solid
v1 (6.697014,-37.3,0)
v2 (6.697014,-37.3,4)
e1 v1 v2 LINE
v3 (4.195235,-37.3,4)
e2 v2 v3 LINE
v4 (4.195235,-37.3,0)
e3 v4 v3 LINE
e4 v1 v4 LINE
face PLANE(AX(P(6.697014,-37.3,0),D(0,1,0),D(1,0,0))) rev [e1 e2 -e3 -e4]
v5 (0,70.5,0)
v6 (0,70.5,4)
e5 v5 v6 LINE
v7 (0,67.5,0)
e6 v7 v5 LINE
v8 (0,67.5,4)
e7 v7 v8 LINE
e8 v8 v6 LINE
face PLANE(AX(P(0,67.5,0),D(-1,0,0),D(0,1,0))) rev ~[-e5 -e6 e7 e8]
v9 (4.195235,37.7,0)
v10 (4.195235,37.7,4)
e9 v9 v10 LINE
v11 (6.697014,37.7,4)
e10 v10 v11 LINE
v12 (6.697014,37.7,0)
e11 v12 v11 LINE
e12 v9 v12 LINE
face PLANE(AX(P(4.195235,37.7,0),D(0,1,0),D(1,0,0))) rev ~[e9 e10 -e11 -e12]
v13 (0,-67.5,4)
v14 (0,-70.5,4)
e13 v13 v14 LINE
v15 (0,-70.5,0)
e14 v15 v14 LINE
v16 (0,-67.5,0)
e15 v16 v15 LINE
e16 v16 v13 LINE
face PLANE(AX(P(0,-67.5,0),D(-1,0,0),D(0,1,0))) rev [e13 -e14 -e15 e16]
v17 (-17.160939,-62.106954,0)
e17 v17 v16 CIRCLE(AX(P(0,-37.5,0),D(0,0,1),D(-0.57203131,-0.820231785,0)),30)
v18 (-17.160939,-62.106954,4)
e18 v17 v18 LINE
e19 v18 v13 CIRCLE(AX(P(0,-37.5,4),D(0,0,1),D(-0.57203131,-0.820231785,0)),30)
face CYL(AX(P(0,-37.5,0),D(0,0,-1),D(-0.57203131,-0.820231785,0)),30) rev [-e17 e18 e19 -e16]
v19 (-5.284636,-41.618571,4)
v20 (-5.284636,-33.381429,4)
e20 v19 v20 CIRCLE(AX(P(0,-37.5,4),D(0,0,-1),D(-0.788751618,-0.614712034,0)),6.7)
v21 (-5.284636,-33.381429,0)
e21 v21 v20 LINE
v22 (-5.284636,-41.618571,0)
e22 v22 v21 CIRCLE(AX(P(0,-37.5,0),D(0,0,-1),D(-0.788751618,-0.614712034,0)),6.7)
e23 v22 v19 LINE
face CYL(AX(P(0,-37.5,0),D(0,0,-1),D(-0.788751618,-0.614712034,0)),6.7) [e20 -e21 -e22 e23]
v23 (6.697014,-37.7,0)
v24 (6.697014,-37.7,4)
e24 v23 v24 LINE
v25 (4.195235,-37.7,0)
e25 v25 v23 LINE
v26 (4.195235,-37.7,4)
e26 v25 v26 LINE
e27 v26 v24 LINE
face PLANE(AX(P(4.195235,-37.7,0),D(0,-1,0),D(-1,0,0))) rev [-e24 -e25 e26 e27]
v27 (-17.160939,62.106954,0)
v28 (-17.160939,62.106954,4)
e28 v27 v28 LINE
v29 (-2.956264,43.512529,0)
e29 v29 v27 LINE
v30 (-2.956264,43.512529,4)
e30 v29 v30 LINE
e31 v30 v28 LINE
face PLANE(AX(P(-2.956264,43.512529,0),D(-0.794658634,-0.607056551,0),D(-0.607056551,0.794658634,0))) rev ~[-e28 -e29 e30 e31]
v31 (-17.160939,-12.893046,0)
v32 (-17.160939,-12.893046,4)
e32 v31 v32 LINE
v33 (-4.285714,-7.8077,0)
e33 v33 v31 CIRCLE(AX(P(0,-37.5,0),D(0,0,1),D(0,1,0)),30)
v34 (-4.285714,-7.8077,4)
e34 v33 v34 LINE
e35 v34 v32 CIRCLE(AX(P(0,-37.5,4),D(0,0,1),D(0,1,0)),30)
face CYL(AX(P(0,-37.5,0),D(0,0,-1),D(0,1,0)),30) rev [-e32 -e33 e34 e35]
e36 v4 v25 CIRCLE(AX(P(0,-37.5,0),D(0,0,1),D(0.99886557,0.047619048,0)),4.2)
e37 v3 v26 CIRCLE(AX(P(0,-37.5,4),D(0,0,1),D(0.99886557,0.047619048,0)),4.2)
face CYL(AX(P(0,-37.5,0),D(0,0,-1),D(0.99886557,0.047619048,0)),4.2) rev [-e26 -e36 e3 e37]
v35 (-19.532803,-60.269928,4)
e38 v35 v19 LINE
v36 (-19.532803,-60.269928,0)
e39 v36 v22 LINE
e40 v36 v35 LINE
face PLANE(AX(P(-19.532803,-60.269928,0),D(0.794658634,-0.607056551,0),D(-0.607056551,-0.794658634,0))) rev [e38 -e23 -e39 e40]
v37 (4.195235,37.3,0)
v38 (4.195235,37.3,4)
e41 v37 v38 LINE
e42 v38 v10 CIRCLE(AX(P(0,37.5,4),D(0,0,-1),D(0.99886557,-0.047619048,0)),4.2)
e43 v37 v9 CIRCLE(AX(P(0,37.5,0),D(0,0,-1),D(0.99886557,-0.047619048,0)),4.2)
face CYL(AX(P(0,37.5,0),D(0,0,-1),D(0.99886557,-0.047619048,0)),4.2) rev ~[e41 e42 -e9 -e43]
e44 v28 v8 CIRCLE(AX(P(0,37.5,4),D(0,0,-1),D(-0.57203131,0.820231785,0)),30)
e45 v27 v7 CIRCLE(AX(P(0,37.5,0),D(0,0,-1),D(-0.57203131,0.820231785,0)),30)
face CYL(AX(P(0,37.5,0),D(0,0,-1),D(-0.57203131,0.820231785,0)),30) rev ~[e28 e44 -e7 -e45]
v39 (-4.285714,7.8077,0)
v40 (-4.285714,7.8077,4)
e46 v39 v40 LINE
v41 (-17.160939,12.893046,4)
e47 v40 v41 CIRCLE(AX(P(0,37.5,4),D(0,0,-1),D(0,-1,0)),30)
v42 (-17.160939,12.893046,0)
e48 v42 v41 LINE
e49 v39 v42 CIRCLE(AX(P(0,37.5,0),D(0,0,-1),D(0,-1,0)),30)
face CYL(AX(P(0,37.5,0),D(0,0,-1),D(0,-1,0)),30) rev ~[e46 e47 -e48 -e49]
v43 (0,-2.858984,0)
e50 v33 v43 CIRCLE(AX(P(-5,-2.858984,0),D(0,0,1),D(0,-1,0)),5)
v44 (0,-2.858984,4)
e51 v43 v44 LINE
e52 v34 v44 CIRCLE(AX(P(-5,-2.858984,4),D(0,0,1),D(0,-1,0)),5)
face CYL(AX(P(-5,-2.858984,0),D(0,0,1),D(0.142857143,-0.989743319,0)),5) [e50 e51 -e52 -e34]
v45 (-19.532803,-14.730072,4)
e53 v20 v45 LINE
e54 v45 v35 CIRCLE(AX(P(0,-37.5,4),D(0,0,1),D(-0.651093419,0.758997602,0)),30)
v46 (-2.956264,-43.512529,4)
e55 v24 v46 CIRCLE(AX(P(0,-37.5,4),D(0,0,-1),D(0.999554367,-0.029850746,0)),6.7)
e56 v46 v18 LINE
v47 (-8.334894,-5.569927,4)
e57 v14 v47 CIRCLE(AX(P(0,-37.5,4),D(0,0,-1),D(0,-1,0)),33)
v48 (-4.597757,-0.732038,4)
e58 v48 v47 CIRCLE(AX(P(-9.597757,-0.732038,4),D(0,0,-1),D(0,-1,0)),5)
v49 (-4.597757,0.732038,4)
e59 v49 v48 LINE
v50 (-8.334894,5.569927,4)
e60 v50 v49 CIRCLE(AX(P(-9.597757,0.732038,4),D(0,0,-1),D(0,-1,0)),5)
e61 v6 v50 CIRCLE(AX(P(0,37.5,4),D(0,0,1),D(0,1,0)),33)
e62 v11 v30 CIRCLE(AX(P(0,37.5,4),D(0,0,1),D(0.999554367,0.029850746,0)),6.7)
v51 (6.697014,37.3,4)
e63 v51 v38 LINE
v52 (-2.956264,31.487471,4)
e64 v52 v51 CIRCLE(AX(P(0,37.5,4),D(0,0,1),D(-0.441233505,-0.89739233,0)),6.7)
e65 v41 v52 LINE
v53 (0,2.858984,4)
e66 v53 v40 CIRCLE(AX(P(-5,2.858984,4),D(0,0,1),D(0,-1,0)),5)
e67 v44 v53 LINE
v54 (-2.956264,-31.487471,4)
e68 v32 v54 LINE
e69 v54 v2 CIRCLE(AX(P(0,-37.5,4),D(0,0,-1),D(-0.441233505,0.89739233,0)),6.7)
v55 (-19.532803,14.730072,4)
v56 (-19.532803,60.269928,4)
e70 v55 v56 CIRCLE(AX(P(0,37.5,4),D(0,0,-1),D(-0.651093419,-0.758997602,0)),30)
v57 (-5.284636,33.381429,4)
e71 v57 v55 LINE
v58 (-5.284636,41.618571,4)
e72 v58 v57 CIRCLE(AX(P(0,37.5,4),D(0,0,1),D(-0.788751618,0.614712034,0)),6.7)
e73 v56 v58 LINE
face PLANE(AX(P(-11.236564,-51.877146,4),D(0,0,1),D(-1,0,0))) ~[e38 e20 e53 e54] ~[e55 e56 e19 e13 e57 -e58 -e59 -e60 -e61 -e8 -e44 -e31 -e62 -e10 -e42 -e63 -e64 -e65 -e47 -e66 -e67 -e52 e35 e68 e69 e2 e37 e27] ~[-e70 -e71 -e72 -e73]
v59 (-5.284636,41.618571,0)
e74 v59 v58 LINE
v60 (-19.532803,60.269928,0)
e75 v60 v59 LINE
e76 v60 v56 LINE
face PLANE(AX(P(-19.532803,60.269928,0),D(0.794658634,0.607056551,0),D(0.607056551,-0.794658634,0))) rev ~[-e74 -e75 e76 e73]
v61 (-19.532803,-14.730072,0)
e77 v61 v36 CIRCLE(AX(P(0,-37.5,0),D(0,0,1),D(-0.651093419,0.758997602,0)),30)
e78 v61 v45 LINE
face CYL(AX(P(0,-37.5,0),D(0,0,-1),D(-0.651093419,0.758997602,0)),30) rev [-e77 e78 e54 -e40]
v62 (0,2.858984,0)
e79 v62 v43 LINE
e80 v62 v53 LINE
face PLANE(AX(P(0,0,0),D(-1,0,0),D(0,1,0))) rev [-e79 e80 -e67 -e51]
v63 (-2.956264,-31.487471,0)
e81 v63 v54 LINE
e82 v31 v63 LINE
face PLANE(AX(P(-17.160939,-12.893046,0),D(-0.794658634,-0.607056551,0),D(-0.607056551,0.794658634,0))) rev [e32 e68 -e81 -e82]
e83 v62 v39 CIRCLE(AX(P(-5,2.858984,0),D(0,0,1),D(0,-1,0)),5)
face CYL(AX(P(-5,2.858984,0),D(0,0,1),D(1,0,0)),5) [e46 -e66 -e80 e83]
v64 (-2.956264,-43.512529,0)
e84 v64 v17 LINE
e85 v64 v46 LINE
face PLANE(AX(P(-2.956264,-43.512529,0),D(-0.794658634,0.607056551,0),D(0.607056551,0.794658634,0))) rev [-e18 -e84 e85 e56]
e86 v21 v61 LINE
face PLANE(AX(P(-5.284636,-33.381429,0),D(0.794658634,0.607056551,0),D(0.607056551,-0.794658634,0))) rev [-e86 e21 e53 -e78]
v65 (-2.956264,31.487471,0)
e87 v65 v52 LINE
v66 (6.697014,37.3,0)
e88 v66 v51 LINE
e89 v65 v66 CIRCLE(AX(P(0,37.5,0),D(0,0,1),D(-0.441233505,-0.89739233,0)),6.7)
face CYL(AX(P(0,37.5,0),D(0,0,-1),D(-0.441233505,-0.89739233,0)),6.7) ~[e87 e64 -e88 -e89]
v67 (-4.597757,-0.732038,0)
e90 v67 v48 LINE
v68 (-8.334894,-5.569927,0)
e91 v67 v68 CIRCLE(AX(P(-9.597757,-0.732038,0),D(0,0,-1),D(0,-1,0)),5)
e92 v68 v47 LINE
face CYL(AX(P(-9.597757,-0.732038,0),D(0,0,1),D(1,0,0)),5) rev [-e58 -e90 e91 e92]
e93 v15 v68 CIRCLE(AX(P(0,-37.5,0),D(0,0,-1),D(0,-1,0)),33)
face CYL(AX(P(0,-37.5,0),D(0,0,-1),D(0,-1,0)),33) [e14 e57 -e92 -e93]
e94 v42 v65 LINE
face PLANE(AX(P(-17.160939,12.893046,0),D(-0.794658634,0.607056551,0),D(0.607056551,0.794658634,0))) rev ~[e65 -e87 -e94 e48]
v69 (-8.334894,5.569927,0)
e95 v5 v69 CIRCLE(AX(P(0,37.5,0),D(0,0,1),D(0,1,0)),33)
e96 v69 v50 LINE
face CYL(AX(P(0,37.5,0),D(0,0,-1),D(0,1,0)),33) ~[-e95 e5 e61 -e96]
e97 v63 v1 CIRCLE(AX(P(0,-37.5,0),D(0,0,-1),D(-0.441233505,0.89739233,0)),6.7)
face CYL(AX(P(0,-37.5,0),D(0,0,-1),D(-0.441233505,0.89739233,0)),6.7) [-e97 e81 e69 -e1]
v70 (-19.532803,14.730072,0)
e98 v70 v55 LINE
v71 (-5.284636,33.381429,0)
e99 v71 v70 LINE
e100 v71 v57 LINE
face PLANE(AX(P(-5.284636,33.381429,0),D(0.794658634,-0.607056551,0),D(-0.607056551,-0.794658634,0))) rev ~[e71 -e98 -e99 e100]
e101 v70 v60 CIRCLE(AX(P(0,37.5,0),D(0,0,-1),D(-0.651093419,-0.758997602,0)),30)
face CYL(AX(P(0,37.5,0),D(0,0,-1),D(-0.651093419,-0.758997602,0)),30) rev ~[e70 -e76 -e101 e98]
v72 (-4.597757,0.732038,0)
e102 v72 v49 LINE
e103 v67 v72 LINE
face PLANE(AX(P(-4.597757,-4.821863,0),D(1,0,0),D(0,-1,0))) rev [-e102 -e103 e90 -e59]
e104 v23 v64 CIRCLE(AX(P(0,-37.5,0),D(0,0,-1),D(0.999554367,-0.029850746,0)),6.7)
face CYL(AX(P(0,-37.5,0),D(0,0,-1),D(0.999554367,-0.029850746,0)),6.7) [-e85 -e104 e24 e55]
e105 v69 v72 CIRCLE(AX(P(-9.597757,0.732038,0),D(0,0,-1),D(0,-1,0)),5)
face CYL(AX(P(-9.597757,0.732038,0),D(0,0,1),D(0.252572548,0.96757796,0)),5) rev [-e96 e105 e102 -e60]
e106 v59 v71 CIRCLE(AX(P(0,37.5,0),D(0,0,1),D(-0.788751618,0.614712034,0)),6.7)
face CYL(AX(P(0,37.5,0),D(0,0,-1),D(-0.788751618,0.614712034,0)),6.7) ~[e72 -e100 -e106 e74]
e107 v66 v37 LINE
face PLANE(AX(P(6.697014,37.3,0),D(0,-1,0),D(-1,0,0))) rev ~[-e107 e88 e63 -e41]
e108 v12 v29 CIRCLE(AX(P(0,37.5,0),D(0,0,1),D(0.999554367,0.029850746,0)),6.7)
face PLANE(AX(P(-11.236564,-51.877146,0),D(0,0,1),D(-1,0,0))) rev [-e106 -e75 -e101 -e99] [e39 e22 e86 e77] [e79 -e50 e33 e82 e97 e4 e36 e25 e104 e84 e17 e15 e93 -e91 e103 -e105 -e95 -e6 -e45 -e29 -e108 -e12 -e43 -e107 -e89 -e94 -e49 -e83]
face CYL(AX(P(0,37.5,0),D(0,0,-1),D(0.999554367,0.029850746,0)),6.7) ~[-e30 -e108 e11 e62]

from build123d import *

# Parameters (mm, degrees)
F1_DEPTH = 4
F3_R     = 5


with BuildPart() as f1:
    # F0 (on Top) → F1 (new body)
    with BuildSketch(Plane.XY):
        with BuildLine():
            ThreePointArc((-5.2846358413, 41.6185706289), (-4.227869293, 42.6976072612), (-2.9562644856, 43.5125286104))
            Line((-2.9562644856, 43.5125286104), (-17.160939287, 62.1069535454))
            ThreePointArc((-17.160939287, 62.1069535454), (-18.3698486288, 61.2181083005), (-19.5328025761, 60.2699280527))
            Line((-19.5328025761, 60.2699280527), (-5.2846358413, 41.6185706289))
        make_face()
        with BuildLine():
            ThreePointArc((-19.5328025761, 60.2699280527), (-18.3698486288, 61.2181083005), (-17.160939287, 62.1069535454))
            ThreePointArc((-17.160939287, 62.1069535454), (-8.9942035122, 66.1199983086), (0, 67.5))
            Line((0, 67.5), (0, 70.5))
            ThreePointArc((0, 70.5), (-32.9194358863, 39.8045044859), (-4.5977568287, 4.8218630864))
            Line((-4.5977568287, 4.8218630864), (0, 4.8218630864))
            Line((0, 4.8218630864), (0, 7.5))
            ThreePointArc((0, 7.5), (-8.9942035122, 8.8800016914), (-17.160939287, 12.8930464546))
            ThreePointArc((-17.160939287, 12.8930464546), (-18.3698486288, 13.7818916995), (-19.5328025761, 14.7300719473))
            ThreePointArc((-19.5328025761, 14.7300719473), (-30, 37.5), (-19.5328025761, 60.2699280527))
        make_face()
        with BuildLine():
            Line((-17.160939287, 12.8930464546), (-2.9562644856, 31.4874713896))
            ThreePointArc((-2.9562644856, 31.4874713896), (-4.227869293, 32.3023927388), (-5.2846358413, 33.3814293711))
            Line((-5.2846358413, 33.3814293711), (-19.5328025761, 14.7300719473))
            ThreePointArc((-19.5328025761, 14.7300719473), (-18.3698486288, 13.7818916995), (-17.160939287, 12.8930464546))
        make_face()
        with BuildLine():
            ThreePointArc((0, 4.5), (-2.3045044859, 4.5805641137), (-4.5977568287, 4.8218630864))
            Line((-4.5977568287, 4.8218630864), (-4.5977568287, 0))
            Line((-4.5977568287, 0), (0, 0))
            Line((0, 0), (0, 4.5))
        make_face()
        with BuildLine():
            Line((0, 4.5), (0, 4.8218630864))
            Line((0, 4.8218630864), (-4.5977568287, 4.8218630864))
            ThreePointArc((-4.5977568287, 4.8218630864), (-2.3045044859, 4.5805641137), (0, 4.5))
        make_face()
        with BuildLine():
            ThreePointArc((4.1952353927, 37.3), (-4.2, 37.5), (4.1952353927, 37.7))
            Line((4.1952353927, 37.7), (6.6970142601, 37.7))
            ThreePointArc((6.6970142601, 37.7), (3.4561068315, 43.2398018754), (-2.9562644856, 43.5125286104))
            ThreePointArc((-2.9562644856, 43.5125286104), (-4.227869293, 42.6976072612), (-5.2846358413, 41.6185706289))
            ThreePointArc((-5.2846358413, 41.6185706289), (-6.7, 37.5), (-5.2846358413, 33.3814293711))
            ThreePointArc((-5.2846358413, 33.3814293711), (-4.227869293, 32.3023927388), (-2.9562644856, 31.4874713896))
            ThreePointArc((-2.9562644856, 31.4874713896), (3.4561068315, 31.7601981246), (6.6970142601, 37.3))
            Line((6.6970142601, 37.3), (4.1952353927, 37.3))
        make_face()
    extrude(amount=F1_DEPTH)

    # F2: F1 across plane


with BuildPart() as f1_1:
    add(f1.part)
    add(f1.part.mirror(Plane.XZ))

    # F3
    f3_edges = [f1_1.edges().sort_by_distance(p)[0] for p in [
        (0, 7.5, 2),
        (-4.597757, -4.821863, 2),
        (-4.597757, 4.821863, 2),
        (0, -7.5, 2),
    ]]
    fillet(f3_edges, radius=F3_R)


solid = f1_1.part
